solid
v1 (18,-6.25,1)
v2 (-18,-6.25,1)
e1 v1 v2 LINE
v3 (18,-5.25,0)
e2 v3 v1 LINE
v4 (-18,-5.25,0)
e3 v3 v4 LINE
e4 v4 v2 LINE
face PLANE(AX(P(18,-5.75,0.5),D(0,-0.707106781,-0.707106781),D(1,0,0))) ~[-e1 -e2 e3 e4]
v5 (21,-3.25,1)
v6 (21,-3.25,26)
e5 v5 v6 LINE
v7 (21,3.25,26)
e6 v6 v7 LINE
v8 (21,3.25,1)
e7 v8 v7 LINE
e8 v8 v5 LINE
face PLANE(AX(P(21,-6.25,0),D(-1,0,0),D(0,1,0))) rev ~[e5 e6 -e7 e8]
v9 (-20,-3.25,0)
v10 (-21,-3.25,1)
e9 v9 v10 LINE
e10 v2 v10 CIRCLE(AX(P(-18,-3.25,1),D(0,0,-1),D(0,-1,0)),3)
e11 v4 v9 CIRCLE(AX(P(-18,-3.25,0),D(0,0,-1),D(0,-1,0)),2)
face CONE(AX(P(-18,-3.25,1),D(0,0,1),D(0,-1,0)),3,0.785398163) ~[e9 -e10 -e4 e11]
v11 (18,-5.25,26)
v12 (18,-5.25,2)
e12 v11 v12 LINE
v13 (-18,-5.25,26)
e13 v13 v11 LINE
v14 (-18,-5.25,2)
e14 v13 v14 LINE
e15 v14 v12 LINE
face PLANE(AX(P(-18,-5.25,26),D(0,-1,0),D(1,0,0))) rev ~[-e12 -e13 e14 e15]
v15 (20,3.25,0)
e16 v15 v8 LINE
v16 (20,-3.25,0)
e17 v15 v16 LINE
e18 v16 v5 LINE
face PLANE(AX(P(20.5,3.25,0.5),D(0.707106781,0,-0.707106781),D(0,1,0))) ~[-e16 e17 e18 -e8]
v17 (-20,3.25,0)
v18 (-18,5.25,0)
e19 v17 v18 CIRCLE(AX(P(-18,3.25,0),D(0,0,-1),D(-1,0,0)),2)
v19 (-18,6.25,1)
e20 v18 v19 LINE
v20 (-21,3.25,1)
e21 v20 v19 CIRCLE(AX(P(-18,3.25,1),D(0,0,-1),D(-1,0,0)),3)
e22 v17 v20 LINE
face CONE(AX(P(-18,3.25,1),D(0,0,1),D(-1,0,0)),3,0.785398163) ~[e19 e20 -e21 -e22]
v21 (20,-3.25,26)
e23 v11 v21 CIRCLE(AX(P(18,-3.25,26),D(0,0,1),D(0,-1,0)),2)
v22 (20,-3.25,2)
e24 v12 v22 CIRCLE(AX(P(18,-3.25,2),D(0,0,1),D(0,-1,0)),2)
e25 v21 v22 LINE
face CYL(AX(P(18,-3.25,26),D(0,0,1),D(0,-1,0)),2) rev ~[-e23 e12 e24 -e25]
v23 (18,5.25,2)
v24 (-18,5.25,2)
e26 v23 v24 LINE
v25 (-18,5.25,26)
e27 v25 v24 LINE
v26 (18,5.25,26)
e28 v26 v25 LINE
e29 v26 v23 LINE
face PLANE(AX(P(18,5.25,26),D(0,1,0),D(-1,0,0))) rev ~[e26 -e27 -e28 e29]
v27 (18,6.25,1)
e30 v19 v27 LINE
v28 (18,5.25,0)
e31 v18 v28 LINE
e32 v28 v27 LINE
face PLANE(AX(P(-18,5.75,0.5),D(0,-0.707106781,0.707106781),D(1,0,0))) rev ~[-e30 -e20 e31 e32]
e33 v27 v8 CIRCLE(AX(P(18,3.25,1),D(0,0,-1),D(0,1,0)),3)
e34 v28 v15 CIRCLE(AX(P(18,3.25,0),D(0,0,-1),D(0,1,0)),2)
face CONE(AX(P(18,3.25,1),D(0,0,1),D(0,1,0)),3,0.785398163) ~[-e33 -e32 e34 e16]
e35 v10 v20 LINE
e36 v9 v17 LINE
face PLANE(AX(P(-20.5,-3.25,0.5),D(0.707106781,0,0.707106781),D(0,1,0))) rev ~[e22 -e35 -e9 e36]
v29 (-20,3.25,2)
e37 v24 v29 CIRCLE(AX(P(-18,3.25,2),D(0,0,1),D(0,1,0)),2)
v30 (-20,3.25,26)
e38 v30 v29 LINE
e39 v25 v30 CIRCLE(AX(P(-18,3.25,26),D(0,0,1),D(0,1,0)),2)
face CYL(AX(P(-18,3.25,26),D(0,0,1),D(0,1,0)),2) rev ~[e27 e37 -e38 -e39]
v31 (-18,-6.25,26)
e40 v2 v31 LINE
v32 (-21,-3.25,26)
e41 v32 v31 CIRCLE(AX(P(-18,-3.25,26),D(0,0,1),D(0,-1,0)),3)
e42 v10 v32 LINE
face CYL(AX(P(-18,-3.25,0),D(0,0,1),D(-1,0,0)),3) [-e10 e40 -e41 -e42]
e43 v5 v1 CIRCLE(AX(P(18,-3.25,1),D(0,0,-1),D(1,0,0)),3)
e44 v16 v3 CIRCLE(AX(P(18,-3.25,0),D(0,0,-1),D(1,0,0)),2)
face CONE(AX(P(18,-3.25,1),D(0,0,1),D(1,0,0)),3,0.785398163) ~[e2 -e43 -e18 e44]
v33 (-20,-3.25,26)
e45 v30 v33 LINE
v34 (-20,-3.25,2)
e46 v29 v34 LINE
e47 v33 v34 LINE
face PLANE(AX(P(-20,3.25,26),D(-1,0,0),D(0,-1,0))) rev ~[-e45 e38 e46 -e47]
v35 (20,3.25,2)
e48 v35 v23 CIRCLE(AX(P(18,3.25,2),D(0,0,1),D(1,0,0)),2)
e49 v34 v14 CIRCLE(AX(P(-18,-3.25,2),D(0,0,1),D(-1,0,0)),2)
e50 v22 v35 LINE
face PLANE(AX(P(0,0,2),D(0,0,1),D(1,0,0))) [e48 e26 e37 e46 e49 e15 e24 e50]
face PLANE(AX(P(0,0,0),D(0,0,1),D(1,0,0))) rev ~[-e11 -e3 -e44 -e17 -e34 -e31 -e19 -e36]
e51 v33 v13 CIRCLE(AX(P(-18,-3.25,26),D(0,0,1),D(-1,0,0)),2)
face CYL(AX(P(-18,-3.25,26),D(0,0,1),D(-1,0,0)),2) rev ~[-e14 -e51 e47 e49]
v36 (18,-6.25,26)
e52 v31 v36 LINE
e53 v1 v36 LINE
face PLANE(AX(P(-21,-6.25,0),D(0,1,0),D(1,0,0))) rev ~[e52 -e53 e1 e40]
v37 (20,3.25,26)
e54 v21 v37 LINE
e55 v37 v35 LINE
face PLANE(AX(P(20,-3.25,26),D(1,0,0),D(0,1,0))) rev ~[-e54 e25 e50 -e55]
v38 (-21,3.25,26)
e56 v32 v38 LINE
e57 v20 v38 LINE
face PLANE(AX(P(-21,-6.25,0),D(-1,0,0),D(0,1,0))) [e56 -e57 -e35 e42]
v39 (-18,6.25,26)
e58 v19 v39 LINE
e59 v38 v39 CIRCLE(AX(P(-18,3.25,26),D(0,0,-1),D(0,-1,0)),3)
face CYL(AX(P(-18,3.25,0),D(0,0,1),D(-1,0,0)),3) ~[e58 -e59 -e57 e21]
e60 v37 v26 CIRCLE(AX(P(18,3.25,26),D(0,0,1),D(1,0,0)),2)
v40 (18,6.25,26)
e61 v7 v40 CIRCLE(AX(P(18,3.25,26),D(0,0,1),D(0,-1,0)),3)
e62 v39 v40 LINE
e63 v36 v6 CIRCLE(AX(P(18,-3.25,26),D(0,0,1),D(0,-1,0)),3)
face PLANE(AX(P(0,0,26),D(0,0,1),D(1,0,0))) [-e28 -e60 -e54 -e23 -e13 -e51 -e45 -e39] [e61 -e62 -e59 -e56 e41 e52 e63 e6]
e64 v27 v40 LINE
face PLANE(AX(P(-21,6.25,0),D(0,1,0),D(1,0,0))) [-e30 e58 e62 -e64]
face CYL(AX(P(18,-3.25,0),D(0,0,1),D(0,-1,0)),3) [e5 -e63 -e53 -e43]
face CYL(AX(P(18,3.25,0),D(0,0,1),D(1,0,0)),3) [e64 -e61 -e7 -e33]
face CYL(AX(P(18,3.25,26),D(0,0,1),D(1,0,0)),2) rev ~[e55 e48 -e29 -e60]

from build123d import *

# Parameters (mm, degrees)
F0_W     = 42
F0_H     = 12.5
F1_DEPTH = 26
F2_R     = 3
F4_DEPTH = 24
F5_SIZE  = 1


with BuildPart() as f1:
    # F0 (on Top) → F1 (new body)
    with BuildSketch(Plane.XY):
        Rectangle(F0_W, F0_H)
    extrude(amount=F1_DEPTH)

    # F2
    f2_edges = [f1.edges().sort_by_distance(p)[0] for p in [
        (-21, 6.25, 13),
        (-21, -6.25, 13),
        (21, 6.25, 13),
        (21, -6.25, 13),
    ]]
    fillet(f2_edges, radius=F2_R)

    # F3 (on face) → F4 (cut)
    with BuildSketch(Plane.XY.offset(26)):
        with BuildLine():
            Line((18, 5.25), (-18, 5.25))
            ThreePointArc((-18, 5.25), (-19.4142135624, 4.6642135624), (-20, 3.25))
            Line((-20, 3.25), (-20, -3.25))
            ThreePointArc((-20, -3.25), (-19.4142135624, -4.6642135624), (-18, -5.25))
            Line((-18, -5.25), (18, -5.25))
            ThreePointArc((18, -5.25), (19.4142135624, -4.6642135624), (20, -3.25))
            Line((20, -3.25), (20, 3.25))
            ThreePointArc((20, 3.25), (19.4142135624, 4.6642135624), (18, 5.25))
        make_face()
    extrude(amount=-F4_DEPTH, mode=Mode.SUBTRACT)

    # F5
    f5_edges = [f1.edges().sort_by_distance(p)[0] for p in [
        (0, 6.25, 0),
        (20.12132, 5.37132, 0),
        (21, 0, 0),
        (20.12132, -5.37132, 0),
        (0, -6.25, 0),
        (-20.12132, -5.37132, 0),
        (-21, 0, 0),
        (-20.12132, 5.37132, 0),
    ]]
    chamfer(f5_edges, length=F5_SIZE)


solid = f1.part
